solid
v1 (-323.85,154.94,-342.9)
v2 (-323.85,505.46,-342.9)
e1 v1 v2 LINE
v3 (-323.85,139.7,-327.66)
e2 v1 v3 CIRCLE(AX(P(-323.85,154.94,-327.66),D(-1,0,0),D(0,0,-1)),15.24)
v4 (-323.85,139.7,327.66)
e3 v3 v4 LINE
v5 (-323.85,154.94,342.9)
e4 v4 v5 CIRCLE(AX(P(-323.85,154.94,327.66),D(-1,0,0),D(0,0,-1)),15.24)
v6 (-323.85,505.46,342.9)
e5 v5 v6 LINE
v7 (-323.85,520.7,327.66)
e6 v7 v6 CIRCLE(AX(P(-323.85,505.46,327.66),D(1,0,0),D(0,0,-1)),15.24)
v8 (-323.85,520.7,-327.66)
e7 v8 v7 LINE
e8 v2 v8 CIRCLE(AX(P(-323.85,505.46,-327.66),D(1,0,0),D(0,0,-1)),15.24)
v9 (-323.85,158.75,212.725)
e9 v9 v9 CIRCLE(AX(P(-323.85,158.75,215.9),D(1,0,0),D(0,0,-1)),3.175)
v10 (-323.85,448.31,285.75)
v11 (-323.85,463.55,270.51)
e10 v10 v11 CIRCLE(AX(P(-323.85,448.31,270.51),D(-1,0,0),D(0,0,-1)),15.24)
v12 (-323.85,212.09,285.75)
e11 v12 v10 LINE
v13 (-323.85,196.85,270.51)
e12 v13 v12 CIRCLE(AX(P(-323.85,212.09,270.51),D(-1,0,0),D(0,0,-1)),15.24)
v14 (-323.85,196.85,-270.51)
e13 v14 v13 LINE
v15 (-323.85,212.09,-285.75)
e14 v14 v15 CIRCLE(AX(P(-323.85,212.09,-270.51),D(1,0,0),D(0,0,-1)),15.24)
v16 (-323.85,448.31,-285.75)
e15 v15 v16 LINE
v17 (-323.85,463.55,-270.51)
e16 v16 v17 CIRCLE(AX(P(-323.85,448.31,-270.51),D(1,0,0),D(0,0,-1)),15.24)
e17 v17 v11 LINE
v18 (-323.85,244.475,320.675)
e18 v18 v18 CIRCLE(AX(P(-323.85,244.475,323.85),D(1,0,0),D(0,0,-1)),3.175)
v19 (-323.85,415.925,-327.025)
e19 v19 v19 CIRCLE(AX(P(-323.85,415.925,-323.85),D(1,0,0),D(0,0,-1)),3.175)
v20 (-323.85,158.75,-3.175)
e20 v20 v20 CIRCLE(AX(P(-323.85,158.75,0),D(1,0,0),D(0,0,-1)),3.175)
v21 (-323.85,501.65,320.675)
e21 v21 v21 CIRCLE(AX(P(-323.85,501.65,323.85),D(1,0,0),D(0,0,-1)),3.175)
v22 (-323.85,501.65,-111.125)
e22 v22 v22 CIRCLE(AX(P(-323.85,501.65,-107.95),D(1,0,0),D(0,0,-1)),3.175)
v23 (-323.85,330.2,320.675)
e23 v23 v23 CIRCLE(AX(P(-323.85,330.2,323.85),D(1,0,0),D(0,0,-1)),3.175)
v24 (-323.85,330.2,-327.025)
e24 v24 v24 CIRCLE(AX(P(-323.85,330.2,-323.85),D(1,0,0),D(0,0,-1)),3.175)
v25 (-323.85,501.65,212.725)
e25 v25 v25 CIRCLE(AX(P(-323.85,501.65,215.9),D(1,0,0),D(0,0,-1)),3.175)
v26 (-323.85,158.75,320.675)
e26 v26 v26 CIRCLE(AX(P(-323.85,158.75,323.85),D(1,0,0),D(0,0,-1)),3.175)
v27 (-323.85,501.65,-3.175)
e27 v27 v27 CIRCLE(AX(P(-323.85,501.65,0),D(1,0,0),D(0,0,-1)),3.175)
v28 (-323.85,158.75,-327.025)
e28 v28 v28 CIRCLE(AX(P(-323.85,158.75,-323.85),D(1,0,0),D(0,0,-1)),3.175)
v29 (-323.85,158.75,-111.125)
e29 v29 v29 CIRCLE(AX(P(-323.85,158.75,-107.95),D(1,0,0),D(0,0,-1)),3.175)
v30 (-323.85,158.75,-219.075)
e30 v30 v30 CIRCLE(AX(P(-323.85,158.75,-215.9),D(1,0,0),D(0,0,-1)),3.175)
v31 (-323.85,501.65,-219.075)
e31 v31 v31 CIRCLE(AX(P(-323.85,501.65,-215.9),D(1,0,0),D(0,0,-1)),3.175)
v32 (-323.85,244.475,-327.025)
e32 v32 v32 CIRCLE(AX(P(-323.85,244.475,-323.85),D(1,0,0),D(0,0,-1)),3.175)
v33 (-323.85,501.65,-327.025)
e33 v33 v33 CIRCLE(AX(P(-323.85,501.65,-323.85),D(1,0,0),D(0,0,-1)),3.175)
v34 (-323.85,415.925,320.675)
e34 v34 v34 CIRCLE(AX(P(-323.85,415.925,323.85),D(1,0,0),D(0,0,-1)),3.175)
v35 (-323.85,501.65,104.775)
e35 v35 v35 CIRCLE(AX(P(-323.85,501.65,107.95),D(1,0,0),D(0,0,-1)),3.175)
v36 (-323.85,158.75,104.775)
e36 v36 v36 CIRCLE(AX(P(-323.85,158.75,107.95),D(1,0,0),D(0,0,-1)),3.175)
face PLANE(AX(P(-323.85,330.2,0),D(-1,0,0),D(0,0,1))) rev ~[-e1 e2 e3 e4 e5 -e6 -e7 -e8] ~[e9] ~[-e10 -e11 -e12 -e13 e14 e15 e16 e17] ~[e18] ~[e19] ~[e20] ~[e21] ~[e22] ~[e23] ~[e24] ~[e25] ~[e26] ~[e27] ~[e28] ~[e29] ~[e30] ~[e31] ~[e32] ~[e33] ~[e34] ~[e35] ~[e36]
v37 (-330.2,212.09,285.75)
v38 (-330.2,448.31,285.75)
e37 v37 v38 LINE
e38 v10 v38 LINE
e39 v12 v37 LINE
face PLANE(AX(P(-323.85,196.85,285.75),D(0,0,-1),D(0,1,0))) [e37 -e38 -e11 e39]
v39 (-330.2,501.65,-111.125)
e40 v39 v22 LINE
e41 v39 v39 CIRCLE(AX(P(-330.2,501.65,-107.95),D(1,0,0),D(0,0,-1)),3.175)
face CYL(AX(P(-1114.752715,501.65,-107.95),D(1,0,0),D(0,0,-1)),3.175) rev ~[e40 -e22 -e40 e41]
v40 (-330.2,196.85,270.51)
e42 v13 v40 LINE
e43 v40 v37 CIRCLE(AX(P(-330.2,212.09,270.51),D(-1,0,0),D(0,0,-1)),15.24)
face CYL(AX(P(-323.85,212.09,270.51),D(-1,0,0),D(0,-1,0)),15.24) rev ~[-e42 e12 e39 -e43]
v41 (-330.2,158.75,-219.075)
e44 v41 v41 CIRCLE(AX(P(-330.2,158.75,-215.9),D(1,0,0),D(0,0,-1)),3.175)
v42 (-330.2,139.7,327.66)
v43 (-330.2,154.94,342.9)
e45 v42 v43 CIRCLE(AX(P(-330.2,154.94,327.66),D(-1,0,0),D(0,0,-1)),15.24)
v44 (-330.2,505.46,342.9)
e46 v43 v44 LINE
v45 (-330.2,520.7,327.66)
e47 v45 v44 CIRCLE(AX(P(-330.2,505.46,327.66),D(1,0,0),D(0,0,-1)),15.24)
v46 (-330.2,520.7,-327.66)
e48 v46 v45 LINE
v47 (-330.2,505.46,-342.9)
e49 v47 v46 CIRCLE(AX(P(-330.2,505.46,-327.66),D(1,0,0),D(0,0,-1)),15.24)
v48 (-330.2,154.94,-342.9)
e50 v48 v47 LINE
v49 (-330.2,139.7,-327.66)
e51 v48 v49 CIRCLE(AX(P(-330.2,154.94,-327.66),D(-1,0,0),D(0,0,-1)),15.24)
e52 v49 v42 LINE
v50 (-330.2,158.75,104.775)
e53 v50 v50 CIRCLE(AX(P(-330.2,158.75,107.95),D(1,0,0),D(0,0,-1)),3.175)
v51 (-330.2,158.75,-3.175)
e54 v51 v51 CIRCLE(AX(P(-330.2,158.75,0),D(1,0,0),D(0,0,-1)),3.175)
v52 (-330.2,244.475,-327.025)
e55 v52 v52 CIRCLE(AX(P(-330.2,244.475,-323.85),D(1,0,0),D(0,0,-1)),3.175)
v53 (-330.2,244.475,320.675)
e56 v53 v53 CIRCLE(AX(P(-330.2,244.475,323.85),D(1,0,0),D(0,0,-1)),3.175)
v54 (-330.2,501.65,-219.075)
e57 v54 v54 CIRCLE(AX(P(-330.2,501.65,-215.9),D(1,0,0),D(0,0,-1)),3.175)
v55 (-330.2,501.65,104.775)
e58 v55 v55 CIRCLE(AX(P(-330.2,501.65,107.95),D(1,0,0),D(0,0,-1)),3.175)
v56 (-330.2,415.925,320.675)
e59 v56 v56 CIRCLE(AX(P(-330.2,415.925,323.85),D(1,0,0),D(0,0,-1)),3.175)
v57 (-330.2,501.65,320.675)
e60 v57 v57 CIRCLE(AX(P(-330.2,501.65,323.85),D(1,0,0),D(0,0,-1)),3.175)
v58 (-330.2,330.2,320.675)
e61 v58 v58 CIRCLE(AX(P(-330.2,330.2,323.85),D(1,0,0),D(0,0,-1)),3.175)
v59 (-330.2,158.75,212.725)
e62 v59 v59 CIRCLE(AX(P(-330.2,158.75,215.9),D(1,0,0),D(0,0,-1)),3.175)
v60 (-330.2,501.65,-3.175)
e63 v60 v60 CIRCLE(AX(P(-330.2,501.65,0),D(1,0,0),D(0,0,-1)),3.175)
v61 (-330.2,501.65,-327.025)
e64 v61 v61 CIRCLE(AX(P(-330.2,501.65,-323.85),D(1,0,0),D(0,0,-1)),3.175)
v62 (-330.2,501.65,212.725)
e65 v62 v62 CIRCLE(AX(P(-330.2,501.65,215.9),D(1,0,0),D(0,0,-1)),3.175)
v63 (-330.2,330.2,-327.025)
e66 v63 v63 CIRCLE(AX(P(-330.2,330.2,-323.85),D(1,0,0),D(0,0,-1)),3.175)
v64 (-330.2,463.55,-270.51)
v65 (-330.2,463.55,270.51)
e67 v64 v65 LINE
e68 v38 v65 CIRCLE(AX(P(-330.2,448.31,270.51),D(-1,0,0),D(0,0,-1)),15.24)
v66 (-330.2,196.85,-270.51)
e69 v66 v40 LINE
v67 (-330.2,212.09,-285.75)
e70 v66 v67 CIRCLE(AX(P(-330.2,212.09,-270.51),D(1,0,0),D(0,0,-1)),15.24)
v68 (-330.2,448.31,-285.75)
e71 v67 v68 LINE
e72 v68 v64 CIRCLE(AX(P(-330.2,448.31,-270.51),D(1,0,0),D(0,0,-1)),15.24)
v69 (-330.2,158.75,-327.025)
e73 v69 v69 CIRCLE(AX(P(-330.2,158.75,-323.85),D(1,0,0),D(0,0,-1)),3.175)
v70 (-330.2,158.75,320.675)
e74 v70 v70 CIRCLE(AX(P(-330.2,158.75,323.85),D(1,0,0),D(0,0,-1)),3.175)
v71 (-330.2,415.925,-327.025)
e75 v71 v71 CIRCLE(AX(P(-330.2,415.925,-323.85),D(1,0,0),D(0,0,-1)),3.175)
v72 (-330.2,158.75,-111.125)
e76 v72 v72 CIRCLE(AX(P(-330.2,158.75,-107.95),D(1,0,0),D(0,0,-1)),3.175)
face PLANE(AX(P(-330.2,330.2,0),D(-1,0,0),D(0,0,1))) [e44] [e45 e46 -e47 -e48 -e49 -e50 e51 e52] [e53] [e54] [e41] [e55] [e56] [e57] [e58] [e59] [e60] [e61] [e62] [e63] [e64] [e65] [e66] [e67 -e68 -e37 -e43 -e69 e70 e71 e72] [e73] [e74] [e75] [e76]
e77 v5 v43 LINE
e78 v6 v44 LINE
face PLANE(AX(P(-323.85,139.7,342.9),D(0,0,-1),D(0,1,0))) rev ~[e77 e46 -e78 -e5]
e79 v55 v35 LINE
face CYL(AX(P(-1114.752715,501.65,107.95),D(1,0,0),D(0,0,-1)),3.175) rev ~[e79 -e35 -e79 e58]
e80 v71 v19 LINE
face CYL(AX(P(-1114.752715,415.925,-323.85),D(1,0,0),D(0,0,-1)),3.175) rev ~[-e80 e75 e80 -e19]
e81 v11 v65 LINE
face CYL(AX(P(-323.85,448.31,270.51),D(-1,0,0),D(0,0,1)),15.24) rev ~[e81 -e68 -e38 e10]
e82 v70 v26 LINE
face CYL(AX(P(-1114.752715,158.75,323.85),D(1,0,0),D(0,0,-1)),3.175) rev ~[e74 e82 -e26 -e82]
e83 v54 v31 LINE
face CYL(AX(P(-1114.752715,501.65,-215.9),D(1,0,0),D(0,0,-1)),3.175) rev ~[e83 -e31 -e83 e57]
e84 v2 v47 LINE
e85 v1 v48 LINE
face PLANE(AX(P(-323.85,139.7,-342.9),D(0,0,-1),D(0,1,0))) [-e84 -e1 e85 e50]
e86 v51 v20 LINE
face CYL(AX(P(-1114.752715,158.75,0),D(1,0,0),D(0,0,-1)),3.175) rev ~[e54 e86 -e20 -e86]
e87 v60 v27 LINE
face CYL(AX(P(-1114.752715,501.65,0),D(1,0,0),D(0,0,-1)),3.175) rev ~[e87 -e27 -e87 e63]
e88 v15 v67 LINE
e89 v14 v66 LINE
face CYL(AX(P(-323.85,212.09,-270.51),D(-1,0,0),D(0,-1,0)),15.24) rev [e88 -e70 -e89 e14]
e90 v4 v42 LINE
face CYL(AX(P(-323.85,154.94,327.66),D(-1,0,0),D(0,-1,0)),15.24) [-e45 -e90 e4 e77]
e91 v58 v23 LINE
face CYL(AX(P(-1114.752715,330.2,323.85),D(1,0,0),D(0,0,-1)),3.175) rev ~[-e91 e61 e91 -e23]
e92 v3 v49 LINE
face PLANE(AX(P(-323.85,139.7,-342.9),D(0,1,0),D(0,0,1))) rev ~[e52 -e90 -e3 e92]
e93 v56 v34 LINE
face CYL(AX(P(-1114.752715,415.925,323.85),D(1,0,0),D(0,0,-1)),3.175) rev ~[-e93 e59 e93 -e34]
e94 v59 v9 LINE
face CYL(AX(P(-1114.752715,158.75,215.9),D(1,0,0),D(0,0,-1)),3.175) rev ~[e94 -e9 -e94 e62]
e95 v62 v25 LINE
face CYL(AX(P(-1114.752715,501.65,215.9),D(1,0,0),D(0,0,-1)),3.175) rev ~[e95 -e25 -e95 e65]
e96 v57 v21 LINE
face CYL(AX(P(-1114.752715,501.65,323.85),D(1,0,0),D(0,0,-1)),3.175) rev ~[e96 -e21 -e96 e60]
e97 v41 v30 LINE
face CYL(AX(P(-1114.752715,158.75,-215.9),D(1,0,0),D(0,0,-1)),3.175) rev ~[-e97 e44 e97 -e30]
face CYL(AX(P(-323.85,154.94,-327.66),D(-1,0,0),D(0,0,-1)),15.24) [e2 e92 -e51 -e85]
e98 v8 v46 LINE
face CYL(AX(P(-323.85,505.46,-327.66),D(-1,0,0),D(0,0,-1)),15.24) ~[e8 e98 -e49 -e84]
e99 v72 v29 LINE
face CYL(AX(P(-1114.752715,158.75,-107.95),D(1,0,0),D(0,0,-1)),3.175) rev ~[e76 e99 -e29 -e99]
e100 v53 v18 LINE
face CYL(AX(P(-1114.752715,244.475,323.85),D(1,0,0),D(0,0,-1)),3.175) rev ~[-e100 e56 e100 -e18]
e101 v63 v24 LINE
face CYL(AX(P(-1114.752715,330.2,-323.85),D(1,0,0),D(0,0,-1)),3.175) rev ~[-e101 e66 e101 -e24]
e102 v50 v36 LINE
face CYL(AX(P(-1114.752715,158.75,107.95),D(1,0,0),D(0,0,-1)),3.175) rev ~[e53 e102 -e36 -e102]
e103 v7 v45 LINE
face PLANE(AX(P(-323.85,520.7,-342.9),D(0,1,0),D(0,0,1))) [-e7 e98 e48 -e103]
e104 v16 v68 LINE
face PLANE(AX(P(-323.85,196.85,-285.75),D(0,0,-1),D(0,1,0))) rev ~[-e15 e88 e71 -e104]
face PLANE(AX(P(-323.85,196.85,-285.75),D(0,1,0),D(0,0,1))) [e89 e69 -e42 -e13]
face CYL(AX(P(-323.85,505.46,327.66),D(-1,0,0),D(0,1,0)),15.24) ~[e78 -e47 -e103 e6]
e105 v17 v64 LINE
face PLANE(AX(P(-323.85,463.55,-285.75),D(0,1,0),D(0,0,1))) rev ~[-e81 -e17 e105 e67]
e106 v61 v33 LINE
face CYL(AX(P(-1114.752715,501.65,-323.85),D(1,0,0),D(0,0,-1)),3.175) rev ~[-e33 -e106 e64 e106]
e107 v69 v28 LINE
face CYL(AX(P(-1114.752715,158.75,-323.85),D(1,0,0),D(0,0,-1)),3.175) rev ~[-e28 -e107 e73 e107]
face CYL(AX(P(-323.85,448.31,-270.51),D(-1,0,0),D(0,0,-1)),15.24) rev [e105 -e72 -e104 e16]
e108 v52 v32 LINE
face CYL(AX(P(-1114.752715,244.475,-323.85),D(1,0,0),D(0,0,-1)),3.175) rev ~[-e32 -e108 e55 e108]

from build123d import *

# Parameters (mm, degrees)
BOSS_EXTRUDE1_START         = 12.7
SKETCH1_W                   = 685.8
SKETCH1_H                   = 381
SKETCH1_W_2                 = 571.5
SKETCH1_H_2                 = 266.7
BOSS_EXTRUDE1_DEPTH         = 6.35
F_1_4_0_25_DIAMETER_HOLE1_D = 6.35
LPATTERN2_COUNT             = 7
LPATTERN2_PITCH             = 107.95
LPATTERN2_COUNT_DIR2        = 5
LPATTERN2_PITCH_DIR2        = 85.725
FILLET1_R                   = 15.24


with BuildPart() as part:
    # Sketch1 → Boss-Extrude1 (new body)
    with BuildSketch(Plane.ZY.offset(311.15).offset(BOSS_EXTRUDE1_START)):
        with Locations((0, 330.2)):
            Rectangle(SKETCH1_W, SKETCH1_H)
        with Locations((0, 330.2)):
            Rectangle(SKETCH1_W_2, SKETCH1_H_2, mode=Mode.SUBTRACT)
    extrude(amount=BOSS_EXTRUDE1_DEPTH)

    # 1/4 (0.25) Diameter Hole1 (through all)
    with Locations(Plane.ZY.offset(330.2)):
        with Locations((-323.85, 158.75)):
            f_1_4_0_25_diameter_hole1 = Hole(F_1_4_0_25_DIAMETER_HOLE1_D / 2)

    # LPattern2: 1_4 _0.25_ Diameter Hole1 7 × 5, 15 skipped
    with Locations(*[(0, j * LPATTERN2_PITCH_DIR2, i * LPATTERN2_PITCH) for i in range(LPATTERN2_COUNT) for j in range(LPATTERN2_COUNT_DIR2) if (i, j) not in ((0, 0), (1, 1), (1, 2), (1, 3), (2, 1), (2, 2), (2, 3), (3, 1), (3, 2), (3, 3), (4, 1), (4, 2), (4, 3), (5, 1), (5, 2), (5, 3))]):
        add(f_1_4_0_25_diameter_hole1, mode=Mode.SUBTRACT)

    # Fillet1
    fillet1_edges = [part.edges().sort_by_distance(p)[0] for p in [
        (-327.025, 463.55, -285.75),
        (-327.025, 196.85, -285.75),
        (-327.025, 196.85, 285.75),
        (-327.025, 463.55, 285.75),
        (-327.025, 520.7, -342.9),
        (-327.025, 520.7, 342.9),
        (-327.025, 139.7, 342.9),
        (-327.025, 139.7, -342.9),
    ]]
    fillet(fillet1_edges, radius=FILLET1_R)


solid = part.part
